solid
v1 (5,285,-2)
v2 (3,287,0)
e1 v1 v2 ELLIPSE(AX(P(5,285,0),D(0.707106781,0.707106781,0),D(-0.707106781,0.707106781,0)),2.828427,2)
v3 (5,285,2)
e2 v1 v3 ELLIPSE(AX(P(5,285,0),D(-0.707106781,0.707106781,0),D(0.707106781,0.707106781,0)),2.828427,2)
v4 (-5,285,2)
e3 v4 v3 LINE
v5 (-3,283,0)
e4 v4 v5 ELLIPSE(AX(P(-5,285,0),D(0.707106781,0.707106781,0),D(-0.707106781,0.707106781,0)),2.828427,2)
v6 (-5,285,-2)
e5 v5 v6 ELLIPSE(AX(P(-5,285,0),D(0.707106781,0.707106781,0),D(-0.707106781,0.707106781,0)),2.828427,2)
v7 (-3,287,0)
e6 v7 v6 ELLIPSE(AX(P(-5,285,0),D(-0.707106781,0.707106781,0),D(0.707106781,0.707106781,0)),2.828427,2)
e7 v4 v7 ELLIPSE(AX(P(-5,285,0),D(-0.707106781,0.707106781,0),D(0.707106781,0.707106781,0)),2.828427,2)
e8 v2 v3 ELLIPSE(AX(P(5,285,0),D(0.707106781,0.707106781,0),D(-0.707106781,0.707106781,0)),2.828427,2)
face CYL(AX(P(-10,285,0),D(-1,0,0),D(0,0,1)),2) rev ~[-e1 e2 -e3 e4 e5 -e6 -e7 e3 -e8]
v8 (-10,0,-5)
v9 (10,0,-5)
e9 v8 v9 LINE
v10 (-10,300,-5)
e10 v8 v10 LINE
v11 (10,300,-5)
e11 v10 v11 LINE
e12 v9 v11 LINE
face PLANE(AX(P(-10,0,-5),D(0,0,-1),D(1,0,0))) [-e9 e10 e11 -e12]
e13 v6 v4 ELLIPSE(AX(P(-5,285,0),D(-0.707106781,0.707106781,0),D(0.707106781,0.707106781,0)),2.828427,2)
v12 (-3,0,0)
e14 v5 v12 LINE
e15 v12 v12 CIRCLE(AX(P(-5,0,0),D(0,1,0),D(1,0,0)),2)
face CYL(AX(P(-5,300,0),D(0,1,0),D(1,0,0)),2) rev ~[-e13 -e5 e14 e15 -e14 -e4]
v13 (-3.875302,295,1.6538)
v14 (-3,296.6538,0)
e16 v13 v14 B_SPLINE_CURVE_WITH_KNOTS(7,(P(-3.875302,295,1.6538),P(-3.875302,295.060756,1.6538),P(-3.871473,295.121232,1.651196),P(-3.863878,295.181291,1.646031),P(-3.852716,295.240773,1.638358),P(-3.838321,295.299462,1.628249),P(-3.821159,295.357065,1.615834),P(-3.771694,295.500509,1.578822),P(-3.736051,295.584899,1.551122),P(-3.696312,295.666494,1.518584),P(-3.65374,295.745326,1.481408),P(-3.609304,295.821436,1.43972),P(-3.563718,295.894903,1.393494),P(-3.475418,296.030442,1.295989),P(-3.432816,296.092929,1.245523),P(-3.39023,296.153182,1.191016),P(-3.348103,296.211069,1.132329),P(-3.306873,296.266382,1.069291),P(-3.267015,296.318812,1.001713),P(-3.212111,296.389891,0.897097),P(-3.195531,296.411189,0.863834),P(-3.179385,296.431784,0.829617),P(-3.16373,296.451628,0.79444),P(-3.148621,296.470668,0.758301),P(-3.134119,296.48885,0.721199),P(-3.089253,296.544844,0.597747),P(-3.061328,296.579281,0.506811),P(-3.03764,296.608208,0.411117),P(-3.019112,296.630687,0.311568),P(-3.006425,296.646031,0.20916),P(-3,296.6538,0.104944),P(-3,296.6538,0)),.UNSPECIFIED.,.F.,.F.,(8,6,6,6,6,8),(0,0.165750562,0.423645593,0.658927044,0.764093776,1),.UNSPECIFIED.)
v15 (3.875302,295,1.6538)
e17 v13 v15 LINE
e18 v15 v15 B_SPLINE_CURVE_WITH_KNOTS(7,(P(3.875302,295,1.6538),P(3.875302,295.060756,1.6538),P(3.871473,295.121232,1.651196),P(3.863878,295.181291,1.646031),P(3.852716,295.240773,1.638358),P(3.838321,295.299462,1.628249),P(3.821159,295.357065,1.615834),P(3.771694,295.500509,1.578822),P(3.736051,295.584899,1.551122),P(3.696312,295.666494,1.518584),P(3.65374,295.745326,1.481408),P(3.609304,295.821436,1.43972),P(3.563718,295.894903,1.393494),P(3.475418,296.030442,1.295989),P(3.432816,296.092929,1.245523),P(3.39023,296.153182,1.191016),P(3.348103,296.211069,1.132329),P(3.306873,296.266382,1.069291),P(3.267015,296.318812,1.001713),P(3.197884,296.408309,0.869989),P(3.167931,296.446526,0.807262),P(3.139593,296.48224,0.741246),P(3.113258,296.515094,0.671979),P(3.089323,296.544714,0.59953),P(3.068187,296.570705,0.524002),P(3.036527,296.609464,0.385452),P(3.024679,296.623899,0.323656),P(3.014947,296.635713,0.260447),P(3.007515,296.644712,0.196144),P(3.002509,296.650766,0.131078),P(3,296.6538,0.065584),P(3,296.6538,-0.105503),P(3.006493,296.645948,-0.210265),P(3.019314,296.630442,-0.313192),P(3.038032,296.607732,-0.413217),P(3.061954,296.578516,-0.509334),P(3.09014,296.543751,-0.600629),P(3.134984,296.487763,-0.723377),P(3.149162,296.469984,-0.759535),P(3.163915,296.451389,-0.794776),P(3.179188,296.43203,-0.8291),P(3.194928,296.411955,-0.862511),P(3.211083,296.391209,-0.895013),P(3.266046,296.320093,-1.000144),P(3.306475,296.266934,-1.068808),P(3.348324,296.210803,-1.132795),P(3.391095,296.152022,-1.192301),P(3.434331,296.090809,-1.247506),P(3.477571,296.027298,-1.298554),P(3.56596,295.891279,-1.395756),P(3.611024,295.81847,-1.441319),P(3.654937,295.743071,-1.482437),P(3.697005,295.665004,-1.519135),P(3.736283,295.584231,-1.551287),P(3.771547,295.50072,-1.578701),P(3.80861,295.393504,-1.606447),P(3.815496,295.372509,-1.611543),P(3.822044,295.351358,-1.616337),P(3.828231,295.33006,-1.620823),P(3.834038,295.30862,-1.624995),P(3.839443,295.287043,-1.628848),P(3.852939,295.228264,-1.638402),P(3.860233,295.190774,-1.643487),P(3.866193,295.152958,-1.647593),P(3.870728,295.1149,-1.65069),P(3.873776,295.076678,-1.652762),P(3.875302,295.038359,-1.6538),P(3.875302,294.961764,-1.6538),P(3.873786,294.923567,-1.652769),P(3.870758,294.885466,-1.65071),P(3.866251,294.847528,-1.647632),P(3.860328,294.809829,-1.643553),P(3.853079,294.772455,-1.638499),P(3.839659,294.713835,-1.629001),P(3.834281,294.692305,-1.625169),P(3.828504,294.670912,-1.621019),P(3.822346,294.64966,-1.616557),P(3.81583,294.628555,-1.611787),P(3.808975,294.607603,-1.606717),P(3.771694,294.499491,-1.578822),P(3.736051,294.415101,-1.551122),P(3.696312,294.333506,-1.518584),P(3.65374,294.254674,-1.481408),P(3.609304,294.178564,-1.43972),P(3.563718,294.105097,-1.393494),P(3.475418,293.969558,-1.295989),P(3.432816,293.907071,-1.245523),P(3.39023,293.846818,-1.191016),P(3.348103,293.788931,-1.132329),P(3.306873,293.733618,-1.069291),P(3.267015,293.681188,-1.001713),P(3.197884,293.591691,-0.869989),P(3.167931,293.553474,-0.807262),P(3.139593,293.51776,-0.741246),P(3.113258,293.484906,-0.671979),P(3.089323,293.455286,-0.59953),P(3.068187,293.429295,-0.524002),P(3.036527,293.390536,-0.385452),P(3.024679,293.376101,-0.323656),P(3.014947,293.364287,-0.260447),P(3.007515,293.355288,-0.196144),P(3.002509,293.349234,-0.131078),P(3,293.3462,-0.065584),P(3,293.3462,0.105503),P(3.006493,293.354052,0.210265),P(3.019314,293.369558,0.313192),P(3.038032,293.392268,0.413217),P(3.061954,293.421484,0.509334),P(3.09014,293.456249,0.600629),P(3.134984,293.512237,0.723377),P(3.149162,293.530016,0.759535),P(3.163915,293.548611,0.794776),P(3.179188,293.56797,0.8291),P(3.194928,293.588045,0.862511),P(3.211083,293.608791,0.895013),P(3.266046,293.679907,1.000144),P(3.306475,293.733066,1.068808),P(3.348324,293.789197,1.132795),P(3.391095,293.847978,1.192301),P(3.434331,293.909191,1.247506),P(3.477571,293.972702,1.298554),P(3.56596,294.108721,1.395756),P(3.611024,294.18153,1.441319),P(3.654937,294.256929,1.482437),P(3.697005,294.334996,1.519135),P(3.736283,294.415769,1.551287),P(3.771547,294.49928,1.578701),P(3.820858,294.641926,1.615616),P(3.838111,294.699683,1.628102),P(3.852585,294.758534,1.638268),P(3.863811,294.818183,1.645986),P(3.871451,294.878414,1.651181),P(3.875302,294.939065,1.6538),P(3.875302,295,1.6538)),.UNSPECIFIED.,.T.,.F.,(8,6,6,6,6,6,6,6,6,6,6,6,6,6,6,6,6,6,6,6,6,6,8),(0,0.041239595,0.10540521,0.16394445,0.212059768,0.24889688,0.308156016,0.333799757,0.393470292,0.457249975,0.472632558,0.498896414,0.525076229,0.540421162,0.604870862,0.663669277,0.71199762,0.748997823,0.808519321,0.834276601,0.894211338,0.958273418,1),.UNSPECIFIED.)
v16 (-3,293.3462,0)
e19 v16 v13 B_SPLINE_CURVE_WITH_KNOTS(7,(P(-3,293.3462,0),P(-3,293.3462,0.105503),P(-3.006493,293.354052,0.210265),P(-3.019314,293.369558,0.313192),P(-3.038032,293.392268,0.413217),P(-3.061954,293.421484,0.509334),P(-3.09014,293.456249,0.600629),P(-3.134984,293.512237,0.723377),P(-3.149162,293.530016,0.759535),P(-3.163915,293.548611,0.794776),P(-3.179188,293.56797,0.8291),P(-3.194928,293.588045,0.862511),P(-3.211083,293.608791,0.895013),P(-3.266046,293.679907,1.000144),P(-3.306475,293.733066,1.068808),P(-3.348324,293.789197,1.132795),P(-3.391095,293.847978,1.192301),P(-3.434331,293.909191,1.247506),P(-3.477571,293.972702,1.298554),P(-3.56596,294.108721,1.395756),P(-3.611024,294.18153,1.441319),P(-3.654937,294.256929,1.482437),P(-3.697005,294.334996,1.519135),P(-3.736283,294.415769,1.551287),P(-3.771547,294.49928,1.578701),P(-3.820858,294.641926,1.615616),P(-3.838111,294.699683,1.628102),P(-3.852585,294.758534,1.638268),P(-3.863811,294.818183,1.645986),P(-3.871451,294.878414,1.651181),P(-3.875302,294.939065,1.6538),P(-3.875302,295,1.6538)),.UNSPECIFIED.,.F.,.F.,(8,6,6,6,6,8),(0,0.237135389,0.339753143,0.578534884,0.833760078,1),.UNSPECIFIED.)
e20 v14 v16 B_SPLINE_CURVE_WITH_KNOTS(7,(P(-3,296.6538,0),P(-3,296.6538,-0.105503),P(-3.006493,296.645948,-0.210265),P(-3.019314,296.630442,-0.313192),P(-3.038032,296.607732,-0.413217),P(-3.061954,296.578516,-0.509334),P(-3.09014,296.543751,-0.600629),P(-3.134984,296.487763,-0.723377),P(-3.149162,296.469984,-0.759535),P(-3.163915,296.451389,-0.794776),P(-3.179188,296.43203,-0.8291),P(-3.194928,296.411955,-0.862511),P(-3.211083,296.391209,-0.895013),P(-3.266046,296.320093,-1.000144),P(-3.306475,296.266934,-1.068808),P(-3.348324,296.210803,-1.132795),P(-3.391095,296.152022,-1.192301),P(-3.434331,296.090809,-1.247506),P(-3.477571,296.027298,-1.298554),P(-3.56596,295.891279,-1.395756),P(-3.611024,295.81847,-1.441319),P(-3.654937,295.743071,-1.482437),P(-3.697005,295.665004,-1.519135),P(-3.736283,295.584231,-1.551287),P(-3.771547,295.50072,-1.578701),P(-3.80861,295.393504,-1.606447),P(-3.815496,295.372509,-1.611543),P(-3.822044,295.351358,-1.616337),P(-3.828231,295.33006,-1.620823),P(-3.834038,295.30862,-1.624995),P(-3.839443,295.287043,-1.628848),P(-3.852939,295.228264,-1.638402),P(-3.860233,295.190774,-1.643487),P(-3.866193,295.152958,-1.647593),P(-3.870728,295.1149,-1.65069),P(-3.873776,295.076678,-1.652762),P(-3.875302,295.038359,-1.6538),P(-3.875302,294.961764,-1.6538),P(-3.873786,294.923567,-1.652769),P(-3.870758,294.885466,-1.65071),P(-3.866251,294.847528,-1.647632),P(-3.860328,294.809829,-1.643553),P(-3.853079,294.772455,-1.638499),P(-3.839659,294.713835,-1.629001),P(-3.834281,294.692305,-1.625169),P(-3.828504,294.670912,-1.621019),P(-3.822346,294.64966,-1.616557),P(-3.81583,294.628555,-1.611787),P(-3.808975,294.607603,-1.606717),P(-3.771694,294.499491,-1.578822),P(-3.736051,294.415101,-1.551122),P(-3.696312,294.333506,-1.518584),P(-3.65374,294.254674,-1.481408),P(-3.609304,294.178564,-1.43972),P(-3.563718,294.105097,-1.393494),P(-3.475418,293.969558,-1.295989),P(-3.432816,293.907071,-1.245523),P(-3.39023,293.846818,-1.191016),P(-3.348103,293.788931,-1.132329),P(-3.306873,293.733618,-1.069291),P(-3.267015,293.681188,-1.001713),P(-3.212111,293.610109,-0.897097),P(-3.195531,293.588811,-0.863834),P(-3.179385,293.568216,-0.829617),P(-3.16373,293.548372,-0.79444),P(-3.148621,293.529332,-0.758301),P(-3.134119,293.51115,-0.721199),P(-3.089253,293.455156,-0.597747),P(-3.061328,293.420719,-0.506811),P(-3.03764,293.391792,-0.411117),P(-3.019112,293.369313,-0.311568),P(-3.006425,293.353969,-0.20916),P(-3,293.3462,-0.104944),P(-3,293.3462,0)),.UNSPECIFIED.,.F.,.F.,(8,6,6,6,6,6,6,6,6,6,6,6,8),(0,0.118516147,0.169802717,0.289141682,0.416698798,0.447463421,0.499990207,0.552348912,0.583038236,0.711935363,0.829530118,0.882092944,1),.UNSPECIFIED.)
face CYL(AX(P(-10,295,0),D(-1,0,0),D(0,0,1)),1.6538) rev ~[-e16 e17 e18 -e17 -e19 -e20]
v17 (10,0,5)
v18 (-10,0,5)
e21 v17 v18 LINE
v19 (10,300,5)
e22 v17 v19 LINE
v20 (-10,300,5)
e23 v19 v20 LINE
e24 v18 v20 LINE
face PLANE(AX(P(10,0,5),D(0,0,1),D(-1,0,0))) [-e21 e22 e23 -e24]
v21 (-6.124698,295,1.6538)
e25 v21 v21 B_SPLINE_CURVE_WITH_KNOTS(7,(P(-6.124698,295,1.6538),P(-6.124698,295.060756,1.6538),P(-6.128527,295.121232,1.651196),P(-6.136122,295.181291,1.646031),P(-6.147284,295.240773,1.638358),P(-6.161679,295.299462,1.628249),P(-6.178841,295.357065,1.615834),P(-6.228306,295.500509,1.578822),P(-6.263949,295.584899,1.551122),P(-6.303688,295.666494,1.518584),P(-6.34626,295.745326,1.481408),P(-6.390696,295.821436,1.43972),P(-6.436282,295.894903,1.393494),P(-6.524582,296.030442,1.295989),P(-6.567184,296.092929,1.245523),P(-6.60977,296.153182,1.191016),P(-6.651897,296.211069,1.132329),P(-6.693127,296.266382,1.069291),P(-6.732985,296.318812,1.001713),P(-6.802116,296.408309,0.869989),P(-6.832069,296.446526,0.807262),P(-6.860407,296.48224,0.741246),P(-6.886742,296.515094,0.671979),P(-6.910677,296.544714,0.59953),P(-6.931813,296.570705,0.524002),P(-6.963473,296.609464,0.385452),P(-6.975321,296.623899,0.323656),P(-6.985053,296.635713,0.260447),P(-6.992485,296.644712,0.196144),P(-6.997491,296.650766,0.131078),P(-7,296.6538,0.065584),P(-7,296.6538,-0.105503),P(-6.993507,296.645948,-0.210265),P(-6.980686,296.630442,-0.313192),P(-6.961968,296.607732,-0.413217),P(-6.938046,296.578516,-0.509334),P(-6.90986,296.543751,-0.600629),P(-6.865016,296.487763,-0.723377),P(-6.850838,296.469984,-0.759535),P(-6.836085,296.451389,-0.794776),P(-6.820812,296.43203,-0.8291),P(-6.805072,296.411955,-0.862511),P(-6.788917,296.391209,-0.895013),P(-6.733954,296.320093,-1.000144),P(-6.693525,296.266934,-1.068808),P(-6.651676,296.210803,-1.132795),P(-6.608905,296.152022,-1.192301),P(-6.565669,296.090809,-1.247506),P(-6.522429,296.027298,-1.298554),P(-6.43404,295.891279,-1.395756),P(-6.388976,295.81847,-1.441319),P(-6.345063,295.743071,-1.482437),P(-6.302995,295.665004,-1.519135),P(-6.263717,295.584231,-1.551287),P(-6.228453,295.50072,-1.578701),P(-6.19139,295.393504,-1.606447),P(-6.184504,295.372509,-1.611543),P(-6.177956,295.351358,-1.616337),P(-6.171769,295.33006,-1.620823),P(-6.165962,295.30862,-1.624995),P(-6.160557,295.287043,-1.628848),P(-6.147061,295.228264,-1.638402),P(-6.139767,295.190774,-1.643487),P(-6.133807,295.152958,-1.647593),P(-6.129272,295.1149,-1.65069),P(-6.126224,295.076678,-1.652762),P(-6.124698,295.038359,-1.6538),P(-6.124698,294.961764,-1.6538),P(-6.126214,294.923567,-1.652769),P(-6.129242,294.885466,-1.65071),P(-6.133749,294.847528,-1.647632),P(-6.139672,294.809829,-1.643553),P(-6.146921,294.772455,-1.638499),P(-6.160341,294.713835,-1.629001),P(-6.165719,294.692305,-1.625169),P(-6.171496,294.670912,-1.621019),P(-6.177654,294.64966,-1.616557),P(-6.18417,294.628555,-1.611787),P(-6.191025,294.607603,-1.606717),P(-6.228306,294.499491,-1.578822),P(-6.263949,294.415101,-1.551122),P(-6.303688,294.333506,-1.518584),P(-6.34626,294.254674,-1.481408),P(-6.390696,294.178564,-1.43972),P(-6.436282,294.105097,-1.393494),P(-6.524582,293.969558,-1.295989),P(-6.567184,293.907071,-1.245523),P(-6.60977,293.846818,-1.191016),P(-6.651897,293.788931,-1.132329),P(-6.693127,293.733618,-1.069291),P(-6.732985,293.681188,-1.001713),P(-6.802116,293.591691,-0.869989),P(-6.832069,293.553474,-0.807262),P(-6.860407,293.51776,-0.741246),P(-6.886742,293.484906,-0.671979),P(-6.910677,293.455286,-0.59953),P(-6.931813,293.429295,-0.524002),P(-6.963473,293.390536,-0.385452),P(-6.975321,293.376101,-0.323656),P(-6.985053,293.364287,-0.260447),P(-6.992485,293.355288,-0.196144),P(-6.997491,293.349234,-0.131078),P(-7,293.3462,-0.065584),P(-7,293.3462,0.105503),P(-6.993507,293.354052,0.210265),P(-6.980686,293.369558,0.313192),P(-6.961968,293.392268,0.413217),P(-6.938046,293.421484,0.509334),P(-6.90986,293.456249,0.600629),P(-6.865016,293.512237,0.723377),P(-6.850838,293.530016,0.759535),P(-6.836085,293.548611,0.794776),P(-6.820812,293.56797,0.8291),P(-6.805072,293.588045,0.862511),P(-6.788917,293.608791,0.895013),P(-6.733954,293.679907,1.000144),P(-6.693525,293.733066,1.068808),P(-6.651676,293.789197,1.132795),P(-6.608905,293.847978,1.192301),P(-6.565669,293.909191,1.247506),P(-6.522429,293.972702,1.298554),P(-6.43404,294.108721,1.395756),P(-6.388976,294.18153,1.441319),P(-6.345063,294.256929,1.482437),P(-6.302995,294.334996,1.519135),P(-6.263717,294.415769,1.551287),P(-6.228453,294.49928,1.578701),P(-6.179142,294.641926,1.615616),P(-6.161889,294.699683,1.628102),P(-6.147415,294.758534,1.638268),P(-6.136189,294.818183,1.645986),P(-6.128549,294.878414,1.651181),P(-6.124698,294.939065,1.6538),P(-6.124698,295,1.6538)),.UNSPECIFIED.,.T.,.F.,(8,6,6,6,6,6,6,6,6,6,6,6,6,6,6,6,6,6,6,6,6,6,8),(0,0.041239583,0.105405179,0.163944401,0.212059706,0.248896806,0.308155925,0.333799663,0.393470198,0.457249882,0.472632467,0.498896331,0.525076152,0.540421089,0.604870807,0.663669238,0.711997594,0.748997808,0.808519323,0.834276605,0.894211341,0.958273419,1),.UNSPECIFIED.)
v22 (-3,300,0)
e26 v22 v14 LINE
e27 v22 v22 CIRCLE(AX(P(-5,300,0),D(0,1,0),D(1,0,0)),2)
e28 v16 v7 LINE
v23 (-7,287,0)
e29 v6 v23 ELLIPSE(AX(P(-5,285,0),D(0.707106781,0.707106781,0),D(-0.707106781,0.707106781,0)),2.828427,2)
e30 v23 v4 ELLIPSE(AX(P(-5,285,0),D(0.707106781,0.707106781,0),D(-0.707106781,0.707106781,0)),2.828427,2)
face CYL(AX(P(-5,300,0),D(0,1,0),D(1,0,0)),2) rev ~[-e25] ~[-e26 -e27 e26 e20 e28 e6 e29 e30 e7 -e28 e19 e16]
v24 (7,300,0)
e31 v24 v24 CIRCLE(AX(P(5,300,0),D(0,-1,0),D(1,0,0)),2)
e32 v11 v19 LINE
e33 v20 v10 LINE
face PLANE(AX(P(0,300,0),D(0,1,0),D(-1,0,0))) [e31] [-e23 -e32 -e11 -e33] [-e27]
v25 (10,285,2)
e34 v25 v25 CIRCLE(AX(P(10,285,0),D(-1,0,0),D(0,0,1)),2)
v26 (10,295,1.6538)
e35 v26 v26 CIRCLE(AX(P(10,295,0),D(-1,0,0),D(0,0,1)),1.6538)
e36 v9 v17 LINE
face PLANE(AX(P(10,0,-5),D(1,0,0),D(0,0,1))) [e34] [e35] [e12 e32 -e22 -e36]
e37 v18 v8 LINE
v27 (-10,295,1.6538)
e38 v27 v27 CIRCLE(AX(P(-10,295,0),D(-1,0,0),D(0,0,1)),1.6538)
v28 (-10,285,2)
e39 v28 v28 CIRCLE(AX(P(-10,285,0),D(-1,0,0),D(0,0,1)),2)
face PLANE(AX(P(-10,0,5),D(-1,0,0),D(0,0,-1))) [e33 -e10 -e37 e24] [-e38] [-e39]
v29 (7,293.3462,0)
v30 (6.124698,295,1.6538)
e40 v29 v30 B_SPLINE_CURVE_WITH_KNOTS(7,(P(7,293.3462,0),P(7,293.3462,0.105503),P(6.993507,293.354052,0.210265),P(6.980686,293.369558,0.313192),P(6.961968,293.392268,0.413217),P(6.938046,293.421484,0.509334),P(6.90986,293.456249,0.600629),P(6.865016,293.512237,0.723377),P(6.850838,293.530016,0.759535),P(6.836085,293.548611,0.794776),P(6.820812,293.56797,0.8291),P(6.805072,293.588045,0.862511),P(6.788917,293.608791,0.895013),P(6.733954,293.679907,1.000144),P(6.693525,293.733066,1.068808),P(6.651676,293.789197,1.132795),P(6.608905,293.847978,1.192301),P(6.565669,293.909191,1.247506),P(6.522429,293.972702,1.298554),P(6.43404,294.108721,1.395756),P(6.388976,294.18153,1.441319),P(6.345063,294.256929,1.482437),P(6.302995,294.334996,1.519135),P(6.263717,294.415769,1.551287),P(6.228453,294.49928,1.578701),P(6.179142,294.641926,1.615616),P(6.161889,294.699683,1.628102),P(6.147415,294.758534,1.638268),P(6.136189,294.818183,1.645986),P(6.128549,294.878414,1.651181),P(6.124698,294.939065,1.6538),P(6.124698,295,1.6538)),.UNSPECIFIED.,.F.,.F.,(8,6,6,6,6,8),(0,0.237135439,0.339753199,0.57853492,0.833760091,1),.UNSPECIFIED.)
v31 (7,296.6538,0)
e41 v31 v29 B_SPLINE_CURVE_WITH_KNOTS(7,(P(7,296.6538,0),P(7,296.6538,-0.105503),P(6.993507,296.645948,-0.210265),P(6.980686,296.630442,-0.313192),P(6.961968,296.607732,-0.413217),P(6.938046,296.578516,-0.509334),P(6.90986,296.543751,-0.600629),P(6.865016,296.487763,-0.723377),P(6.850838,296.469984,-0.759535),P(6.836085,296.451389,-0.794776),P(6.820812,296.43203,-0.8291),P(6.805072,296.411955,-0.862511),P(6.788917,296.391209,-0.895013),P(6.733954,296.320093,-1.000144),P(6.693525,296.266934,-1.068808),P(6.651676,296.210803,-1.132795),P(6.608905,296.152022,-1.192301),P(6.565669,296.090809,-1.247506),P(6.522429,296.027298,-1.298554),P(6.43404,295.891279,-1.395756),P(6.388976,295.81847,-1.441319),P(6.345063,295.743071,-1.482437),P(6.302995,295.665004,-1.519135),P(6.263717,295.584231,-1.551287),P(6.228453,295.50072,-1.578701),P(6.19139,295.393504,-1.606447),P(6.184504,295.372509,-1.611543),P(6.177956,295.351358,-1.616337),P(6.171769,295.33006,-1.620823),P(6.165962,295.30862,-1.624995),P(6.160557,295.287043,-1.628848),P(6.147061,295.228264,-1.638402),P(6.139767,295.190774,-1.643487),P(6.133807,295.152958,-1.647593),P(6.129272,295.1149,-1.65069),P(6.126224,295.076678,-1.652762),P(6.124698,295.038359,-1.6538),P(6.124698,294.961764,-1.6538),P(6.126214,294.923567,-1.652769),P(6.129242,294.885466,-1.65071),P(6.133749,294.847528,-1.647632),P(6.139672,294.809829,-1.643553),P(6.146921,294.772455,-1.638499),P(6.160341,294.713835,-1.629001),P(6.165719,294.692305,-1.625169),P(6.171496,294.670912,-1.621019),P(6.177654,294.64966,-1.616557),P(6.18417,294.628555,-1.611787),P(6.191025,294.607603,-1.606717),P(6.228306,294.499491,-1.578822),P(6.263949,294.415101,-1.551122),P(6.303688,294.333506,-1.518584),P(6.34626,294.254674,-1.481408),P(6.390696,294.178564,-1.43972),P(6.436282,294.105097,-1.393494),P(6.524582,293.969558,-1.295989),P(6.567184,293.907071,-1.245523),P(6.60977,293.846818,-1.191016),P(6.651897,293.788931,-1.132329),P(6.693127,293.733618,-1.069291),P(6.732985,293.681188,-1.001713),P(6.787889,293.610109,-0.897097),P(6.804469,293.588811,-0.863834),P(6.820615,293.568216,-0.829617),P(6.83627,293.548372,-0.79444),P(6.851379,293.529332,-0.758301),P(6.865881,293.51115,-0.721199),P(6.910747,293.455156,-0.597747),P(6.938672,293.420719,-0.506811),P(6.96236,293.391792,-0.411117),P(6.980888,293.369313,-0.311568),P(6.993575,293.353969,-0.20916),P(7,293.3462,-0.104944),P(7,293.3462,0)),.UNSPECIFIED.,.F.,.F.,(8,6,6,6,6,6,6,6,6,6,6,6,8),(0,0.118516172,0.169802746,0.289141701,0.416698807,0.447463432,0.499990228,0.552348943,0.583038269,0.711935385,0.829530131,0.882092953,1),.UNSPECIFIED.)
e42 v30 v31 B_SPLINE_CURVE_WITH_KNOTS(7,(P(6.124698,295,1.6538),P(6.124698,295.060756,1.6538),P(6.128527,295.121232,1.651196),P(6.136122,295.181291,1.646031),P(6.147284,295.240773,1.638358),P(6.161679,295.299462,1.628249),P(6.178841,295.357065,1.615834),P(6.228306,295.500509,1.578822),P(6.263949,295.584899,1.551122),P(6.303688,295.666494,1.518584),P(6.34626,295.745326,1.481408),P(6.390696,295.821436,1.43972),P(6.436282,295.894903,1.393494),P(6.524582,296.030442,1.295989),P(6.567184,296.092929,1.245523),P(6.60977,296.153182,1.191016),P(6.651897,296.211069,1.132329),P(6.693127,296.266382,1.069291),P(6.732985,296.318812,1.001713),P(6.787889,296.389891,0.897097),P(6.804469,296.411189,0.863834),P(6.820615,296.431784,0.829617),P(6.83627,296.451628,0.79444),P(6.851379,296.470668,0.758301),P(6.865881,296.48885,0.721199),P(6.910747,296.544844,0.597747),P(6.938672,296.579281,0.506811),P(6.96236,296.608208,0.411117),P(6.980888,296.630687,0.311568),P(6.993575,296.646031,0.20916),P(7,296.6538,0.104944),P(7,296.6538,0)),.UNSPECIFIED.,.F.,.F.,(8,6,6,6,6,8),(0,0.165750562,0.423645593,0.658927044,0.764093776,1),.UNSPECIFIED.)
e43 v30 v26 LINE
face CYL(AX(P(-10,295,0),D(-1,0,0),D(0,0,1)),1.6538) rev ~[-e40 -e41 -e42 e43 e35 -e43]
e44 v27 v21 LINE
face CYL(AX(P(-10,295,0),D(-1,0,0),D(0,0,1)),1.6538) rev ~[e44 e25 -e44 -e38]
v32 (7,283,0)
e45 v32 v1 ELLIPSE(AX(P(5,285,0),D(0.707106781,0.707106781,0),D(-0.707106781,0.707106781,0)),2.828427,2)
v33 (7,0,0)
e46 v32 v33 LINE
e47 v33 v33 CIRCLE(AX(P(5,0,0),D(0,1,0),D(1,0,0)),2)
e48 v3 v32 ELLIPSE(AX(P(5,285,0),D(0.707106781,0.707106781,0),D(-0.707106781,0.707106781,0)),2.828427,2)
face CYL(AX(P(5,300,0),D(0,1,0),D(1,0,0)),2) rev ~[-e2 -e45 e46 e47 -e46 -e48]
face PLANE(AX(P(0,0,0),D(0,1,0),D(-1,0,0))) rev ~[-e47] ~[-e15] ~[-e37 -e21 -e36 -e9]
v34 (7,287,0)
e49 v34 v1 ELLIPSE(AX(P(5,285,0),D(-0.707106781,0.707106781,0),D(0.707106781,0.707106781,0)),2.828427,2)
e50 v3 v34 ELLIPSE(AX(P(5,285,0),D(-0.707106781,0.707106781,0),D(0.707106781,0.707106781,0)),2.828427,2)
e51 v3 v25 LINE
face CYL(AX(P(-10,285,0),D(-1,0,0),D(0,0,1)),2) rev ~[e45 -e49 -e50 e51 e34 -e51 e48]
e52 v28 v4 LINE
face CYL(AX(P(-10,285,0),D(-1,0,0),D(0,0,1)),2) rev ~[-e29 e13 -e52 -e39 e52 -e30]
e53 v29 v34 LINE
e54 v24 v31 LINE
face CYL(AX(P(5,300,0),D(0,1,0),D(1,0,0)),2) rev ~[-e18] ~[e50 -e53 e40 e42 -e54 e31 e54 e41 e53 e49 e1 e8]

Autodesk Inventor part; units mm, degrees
ref_plane "YZ Plane" through (0, 0, 0) normal (1, 0, 0) x (0, 1, 0)
ref_plane "XZ Plane" through (0, 0, 0) normal (0, 1, 0) x (-1, 0, 0)
ref_plane "XY Plane" through (0, 0, 0) normal (0, 0, 1) x (1, 0, 0)
sketch "Sketch1" plane through (0, 0, 0) normal (0, 1, 0) x (-1, 0, 0)
  line L0 (-10, 5) -> (10, 5)
  line L1 (10, 5) -> (10, -5)
  line L2 (10, -5) -> (-10, -5)
  line L3 (-10, -5) -> (-10, 5)
  line L4 (-10, 5) -> (10, -5) construction
  line L5 (10, 5) -> (-10, -5) construction
  point P0 (0, 0)
  dimension "d0" = 20
  dimension "d1" = 10
extrude "Extrusion1" add sketch "Sketch1" along normal blind 300
sketch "Sketch2" plane through (0, 300, 0) normal (0, 1, 0) x (1, 0, 0)
  line L0 (0, 0) -> (0, 3.3139) construction
  line L1 (10, 5) -> (-10, 5) projected
  circle A0 centre (-5, 0) radius 2
  circle A1 centre (5, 0) radius 2
  line L2 (0, 0) -> (-5, 0)
  line L3 (0, 0) -> (5, 0)
  dimension "d4" = 4
  dimension "d7" = 5
  dimension "d8" = 5
extrude "Extrusion2" cut sketch "Sketch2" against normal blind 300
sketch "Sketch3" plane through (-10, 0, -5) normal (-1, 0, 0) x (0, 0, 1)
  line L0 (0, 300) -> (10, 300) projected
  line L1 (5, 300) -> (5, 295) construction
  line L2 (5, 295) -> (5, 285) construction
  circle A0 centre (5, 295) radius 1.6538
  circle A1 centre (5, 285) radius 2
  point P0 (5, 0)
  dimension "d9" = 5
  dimension "d10" = 10
  dimension "d11" = 4
extrude "Extrusion3" cut sketch "Sketch3" against normal blind 32.225
properties part number "spine"
